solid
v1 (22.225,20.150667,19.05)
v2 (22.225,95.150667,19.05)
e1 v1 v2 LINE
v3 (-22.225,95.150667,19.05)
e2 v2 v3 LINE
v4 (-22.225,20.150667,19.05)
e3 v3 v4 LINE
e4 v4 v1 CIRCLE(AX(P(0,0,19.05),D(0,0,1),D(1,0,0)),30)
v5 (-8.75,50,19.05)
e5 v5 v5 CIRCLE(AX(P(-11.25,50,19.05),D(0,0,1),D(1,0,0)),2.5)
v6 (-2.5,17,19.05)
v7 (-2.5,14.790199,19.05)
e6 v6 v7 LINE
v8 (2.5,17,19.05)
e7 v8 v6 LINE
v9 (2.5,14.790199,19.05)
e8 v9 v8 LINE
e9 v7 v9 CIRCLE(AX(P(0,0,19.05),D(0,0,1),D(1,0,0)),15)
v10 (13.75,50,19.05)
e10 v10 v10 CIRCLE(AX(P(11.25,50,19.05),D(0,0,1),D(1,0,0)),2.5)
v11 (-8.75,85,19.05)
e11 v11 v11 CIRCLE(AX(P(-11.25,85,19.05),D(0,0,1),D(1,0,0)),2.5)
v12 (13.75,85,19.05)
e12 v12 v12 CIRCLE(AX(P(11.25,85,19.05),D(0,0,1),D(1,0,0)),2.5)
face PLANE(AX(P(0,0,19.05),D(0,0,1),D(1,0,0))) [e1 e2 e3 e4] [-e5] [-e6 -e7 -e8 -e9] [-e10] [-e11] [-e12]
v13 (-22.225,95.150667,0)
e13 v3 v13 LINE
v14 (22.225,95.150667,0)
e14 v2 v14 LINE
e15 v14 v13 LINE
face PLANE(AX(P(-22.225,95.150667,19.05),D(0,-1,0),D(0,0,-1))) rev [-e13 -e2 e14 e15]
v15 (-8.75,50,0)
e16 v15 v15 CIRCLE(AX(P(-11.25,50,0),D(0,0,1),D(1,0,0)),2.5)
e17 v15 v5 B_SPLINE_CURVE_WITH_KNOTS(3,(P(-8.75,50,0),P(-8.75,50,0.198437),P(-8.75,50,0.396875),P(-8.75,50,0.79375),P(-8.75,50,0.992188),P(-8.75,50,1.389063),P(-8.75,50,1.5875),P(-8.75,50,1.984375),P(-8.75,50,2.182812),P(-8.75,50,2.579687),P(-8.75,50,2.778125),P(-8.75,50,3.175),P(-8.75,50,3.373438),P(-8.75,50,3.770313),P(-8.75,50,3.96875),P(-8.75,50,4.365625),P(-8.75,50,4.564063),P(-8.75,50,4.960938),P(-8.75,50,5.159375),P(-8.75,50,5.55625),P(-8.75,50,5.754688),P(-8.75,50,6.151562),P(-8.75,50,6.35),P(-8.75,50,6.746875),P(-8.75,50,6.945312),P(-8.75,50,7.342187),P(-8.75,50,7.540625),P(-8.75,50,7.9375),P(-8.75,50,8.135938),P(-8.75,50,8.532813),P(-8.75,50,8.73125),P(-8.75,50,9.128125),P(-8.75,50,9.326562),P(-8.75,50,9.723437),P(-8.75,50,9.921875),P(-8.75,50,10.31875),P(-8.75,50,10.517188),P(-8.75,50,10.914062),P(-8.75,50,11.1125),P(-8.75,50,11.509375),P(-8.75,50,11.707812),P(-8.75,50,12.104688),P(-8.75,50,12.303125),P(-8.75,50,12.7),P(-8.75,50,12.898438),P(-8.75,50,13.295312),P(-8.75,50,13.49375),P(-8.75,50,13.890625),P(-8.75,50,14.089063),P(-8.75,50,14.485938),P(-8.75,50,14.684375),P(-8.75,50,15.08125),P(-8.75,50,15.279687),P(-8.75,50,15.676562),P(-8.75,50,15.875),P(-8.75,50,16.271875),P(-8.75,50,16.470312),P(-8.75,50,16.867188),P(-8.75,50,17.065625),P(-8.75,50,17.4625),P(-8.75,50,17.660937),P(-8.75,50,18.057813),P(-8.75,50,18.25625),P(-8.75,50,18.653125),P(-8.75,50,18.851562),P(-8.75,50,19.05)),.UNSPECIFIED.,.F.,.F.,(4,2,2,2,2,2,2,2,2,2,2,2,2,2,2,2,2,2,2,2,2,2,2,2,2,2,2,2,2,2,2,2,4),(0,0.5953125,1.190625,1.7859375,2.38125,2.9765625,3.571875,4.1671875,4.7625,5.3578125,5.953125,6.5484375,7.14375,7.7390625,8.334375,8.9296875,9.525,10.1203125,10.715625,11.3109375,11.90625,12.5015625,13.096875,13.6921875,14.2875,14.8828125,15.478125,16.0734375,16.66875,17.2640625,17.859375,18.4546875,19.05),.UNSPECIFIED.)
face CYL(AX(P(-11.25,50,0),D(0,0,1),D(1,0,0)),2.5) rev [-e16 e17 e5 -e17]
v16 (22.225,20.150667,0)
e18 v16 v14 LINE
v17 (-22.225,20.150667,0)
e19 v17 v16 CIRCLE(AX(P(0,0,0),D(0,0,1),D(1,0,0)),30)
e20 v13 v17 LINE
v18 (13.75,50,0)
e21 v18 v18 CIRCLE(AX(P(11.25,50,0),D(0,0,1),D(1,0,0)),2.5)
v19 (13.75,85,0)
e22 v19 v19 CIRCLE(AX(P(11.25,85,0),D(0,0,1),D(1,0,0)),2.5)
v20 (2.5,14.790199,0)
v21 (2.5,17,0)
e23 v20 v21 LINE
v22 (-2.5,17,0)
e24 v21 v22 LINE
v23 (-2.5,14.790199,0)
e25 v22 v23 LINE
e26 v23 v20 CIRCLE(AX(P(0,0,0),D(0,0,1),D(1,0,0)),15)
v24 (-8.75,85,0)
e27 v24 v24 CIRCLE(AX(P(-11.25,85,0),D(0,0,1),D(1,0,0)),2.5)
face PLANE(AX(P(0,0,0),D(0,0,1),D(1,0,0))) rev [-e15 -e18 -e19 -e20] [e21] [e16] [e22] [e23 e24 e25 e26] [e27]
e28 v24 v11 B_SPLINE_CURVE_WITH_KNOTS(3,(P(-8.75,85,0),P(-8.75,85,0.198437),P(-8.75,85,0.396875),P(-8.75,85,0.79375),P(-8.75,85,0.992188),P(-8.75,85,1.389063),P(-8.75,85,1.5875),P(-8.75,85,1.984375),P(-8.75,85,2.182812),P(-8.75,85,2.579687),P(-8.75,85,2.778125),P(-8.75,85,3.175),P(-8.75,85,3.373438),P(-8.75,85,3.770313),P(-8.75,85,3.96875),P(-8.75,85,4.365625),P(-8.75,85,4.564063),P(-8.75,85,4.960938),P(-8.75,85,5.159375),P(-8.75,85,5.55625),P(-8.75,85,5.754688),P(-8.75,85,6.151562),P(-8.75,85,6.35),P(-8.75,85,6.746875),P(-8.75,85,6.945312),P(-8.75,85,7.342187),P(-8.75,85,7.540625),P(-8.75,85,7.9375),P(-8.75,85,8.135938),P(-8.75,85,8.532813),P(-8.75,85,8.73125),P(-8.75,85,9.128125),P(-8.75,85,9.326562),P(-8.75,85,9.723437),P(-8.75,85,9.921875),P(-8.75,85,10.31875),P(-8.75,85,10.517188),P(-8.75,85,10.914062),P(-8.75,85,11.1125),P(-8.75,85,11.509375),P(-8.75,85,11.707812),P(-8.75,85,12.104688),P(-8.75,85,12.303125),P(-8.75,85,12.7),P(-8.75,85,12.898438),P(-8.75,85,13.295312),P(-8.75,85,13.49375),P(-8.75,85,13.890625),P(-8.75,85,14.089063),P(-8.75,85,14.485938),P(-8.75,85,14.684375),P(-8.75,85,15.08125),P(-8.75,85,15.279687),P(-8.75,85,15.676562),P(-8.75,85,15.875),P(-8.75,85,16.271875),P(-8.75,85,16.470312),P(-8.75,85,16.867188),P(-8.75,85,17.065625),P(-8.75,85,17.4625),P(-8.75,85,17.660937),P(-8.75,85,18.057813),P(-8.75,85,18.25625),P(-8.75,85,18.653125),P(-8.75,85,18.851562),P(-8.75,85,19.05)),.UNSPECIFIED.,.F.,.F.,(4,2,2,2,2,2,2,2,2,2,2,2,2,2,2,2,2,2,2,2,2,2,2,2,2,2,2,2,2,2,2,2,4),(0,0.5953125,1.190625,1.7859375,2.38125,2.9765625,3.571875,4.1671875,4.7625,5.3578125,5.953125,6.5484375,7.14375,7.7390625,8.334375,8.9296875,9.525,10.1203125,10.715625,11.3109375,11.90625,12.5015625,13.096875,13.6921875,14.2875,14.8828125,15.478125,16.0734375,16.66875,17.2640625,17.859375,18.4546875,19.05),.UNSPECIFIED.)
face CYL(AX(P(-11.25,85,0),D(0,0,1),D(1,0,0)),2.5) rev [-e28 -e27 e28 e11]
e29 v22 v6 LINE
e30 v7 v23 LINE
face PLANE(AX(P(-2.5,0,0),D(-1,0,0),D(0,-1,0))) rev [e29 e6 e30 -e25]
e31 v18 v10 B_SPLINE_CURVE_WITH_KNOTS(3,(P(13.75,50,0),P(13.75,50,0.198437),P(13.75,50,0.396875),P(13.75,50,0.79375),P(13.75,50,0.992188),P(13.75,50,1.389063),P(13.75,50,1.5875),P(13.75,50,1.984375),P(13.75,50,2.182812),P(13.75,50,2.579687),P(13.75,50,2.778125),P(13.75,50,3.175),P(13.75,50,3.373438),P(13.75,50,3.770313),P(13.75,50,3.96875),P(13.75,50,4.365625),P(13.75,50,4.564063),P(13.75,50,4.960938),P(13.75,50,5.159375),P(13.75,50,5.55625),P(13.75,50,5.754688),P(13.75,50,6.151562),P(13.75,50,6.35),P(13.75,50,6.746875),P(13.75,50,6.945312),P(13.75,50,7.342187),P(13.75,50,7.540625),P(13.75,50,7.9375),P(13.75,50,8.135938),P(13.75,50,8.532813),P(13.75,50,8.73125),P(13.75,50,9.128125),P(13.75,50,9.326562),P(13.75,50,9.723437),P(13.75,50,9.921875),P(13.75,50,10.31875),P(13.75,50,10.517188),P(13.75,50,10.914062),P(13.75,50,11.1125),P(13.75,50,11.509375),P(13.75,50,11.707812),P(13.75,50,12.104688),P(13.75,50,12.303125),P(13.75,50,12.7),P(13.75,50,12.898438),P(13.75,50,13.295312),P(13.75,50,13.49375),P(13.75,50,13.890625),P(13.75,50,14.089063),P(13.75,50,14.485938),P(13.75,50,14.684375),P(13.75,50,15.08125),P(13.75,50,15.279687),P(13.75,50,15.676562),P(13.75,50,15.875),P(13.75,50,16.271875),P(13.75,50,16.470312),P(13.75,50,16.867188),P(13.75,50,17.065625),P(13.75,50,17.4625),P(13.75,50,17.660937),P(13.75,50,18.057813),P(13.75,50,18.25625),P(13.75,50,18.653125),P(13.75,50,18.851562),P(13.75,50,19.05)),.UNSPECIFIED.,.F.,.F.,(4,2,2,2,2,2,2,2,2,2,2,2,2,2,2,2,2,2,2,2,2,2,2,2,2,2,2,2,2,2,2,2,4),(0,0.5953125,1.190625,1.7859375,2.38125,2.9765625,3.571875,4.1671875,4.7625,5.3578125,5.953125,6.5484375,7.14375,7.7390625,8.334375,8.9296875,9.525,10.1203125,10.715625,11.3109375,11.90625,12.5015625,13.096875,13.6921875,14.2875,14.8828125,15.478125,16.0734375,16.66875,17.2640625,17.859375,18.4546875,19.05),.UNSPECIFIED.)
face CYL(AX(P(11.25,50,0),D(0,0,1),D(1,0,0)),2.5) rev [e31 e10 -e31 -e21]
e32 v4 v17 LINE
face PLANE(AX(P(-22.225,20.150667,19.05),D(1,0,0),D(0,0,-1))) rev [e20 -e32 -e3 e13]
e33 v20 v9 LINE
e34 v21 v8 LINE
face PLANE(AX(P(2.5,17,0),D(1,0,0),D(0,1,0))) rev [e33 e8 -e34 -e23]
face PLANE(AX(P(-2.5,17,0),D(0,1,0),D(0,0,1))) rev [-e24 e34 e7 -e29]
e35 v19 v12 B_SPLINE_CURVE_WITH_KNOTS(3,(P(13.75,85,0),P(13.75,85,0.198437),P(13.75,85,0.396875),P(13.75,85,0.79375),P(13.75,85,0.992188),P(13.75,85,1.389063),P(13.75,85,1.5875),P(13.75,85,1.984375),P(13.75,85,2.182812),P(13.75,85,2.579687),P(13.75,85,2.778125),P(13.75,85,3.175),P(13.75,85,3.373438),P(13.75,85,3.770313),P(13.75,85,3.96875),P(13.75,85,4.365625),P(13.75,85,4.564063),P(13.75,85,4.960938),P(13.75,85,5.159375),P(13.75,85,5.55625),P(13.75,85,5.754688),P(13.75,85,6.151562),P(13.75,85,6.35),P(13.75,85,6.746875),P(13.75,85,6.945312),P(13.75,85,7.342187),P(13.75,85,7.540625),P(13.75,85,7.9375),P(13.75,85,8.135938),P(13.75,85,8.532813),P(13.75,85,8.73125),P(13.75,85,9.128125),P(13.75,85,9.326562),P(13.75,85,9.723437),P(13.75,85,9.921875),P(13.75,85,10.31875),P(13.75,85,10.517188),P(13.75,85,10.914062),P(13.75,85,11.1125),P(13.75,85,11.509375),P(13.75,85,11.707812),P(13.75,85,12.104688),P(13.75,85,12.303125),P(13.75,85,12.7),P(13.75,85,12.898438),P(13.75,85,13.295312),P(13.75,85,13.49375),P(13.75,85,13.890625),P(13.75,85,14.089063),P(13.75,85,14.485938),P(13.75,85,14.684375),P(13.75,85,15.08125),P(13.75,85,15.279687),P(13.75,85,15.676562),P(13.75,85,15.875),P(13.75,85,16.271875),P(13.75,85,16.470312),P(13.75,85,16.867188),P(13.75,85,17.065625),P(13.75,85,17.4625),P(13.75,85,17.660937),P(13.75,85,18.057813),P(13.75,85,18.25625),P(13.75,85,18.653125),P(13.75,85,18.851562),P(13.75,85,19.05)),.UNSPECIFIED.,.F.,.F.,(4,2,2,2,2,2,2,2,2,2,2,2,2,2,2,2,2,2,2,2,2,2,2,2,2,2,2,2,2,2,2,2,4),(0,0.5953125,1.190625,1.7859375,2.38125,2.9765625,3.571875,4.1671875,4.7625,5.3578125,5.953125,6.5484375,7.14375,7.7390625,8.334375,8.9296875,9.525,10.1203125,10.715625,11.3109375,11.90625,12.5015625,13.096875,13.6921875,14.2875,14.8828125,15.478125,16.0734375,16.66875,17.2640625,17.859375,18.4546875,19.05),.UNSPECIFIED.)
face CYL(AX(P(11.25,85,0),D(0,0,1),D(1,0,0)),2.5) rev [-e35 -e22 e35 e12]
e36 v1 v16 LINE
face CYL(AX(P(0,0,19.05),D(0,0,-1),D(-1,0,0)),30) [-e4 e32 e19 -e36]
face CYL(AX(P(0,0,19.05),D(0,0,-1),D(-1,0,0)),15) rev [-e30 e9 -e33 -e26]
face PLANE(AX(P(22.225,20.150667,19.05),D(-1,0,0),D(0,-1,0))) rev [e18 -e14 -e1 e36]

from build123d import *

# Parameters (mm, degrees)
SKETCH1_R           = 15
BOSS_EXTRUDE1_DEPTH = 19.05
SKETCH2_W           = 5
SKETCH2_H           = 17
CUT_EXTRUDE1_DEPTH  = 102.570428297
SKETCH3_R           = 2.5
CUT_EXTRUDE2_DEPTH  = 102.570428297


with BuildPart() as part:
    # Sketch1 → Boss-Extrude1 (new body)
    with BuildSketch(Plane.XY):
        with BuildLine():
            Line((-22.225, 20.150666862), (-22.225, 95.150666862))
            Line((-22.225, 95.150666862), (22.225, 95.150666862))
            Line((22.225, 95.150666862), (22.225, 20.150666862))
            ThreePointArc((22.225, 20.150666862), (0, -30), (-22.225, 20.150666862))
        make_face()
        with Locations(Location((0, 0, 0), (0, 0, 180))):
            Circle(SKETCH1_R, mode=Mode.SUBTRACT)
    extrude(amount=BOSS_EXTRUDE1_DEPTH)

    # Sketch2 → Cut-Extrude1 (cut, through all)
    with BuildSketch(Plane.XY.offset(19.05)):
        with Locations((0, 8.5)):
            Rectangle(SKETCH2_W, SKETCH2_H)
    extrude(amount=-CUT_EXTRUDE1_DEPTH, mode=Mode.SUBTRACT)

    # Sketch3 → Cut-Extrude2 (cut, through all)
    with BuildSketch(Plane.XY.offset(19.05)):
        with Locations((-11.25, 85)):
            Circle(SKETCH3_R)
        with Locations((11.25, 85)):
            Circle(SKETCH3_R)
        with Locations((11.25, 50)):
            Circle(SKETCH3_R)
        with Locations((-11.25, 50)):
            Circle(SKETCH3_R)
    extrude(amount=-CUT_EXTRUDE2_DEPTH, mode=Mode.SUBTRACT)


solid = part.part
